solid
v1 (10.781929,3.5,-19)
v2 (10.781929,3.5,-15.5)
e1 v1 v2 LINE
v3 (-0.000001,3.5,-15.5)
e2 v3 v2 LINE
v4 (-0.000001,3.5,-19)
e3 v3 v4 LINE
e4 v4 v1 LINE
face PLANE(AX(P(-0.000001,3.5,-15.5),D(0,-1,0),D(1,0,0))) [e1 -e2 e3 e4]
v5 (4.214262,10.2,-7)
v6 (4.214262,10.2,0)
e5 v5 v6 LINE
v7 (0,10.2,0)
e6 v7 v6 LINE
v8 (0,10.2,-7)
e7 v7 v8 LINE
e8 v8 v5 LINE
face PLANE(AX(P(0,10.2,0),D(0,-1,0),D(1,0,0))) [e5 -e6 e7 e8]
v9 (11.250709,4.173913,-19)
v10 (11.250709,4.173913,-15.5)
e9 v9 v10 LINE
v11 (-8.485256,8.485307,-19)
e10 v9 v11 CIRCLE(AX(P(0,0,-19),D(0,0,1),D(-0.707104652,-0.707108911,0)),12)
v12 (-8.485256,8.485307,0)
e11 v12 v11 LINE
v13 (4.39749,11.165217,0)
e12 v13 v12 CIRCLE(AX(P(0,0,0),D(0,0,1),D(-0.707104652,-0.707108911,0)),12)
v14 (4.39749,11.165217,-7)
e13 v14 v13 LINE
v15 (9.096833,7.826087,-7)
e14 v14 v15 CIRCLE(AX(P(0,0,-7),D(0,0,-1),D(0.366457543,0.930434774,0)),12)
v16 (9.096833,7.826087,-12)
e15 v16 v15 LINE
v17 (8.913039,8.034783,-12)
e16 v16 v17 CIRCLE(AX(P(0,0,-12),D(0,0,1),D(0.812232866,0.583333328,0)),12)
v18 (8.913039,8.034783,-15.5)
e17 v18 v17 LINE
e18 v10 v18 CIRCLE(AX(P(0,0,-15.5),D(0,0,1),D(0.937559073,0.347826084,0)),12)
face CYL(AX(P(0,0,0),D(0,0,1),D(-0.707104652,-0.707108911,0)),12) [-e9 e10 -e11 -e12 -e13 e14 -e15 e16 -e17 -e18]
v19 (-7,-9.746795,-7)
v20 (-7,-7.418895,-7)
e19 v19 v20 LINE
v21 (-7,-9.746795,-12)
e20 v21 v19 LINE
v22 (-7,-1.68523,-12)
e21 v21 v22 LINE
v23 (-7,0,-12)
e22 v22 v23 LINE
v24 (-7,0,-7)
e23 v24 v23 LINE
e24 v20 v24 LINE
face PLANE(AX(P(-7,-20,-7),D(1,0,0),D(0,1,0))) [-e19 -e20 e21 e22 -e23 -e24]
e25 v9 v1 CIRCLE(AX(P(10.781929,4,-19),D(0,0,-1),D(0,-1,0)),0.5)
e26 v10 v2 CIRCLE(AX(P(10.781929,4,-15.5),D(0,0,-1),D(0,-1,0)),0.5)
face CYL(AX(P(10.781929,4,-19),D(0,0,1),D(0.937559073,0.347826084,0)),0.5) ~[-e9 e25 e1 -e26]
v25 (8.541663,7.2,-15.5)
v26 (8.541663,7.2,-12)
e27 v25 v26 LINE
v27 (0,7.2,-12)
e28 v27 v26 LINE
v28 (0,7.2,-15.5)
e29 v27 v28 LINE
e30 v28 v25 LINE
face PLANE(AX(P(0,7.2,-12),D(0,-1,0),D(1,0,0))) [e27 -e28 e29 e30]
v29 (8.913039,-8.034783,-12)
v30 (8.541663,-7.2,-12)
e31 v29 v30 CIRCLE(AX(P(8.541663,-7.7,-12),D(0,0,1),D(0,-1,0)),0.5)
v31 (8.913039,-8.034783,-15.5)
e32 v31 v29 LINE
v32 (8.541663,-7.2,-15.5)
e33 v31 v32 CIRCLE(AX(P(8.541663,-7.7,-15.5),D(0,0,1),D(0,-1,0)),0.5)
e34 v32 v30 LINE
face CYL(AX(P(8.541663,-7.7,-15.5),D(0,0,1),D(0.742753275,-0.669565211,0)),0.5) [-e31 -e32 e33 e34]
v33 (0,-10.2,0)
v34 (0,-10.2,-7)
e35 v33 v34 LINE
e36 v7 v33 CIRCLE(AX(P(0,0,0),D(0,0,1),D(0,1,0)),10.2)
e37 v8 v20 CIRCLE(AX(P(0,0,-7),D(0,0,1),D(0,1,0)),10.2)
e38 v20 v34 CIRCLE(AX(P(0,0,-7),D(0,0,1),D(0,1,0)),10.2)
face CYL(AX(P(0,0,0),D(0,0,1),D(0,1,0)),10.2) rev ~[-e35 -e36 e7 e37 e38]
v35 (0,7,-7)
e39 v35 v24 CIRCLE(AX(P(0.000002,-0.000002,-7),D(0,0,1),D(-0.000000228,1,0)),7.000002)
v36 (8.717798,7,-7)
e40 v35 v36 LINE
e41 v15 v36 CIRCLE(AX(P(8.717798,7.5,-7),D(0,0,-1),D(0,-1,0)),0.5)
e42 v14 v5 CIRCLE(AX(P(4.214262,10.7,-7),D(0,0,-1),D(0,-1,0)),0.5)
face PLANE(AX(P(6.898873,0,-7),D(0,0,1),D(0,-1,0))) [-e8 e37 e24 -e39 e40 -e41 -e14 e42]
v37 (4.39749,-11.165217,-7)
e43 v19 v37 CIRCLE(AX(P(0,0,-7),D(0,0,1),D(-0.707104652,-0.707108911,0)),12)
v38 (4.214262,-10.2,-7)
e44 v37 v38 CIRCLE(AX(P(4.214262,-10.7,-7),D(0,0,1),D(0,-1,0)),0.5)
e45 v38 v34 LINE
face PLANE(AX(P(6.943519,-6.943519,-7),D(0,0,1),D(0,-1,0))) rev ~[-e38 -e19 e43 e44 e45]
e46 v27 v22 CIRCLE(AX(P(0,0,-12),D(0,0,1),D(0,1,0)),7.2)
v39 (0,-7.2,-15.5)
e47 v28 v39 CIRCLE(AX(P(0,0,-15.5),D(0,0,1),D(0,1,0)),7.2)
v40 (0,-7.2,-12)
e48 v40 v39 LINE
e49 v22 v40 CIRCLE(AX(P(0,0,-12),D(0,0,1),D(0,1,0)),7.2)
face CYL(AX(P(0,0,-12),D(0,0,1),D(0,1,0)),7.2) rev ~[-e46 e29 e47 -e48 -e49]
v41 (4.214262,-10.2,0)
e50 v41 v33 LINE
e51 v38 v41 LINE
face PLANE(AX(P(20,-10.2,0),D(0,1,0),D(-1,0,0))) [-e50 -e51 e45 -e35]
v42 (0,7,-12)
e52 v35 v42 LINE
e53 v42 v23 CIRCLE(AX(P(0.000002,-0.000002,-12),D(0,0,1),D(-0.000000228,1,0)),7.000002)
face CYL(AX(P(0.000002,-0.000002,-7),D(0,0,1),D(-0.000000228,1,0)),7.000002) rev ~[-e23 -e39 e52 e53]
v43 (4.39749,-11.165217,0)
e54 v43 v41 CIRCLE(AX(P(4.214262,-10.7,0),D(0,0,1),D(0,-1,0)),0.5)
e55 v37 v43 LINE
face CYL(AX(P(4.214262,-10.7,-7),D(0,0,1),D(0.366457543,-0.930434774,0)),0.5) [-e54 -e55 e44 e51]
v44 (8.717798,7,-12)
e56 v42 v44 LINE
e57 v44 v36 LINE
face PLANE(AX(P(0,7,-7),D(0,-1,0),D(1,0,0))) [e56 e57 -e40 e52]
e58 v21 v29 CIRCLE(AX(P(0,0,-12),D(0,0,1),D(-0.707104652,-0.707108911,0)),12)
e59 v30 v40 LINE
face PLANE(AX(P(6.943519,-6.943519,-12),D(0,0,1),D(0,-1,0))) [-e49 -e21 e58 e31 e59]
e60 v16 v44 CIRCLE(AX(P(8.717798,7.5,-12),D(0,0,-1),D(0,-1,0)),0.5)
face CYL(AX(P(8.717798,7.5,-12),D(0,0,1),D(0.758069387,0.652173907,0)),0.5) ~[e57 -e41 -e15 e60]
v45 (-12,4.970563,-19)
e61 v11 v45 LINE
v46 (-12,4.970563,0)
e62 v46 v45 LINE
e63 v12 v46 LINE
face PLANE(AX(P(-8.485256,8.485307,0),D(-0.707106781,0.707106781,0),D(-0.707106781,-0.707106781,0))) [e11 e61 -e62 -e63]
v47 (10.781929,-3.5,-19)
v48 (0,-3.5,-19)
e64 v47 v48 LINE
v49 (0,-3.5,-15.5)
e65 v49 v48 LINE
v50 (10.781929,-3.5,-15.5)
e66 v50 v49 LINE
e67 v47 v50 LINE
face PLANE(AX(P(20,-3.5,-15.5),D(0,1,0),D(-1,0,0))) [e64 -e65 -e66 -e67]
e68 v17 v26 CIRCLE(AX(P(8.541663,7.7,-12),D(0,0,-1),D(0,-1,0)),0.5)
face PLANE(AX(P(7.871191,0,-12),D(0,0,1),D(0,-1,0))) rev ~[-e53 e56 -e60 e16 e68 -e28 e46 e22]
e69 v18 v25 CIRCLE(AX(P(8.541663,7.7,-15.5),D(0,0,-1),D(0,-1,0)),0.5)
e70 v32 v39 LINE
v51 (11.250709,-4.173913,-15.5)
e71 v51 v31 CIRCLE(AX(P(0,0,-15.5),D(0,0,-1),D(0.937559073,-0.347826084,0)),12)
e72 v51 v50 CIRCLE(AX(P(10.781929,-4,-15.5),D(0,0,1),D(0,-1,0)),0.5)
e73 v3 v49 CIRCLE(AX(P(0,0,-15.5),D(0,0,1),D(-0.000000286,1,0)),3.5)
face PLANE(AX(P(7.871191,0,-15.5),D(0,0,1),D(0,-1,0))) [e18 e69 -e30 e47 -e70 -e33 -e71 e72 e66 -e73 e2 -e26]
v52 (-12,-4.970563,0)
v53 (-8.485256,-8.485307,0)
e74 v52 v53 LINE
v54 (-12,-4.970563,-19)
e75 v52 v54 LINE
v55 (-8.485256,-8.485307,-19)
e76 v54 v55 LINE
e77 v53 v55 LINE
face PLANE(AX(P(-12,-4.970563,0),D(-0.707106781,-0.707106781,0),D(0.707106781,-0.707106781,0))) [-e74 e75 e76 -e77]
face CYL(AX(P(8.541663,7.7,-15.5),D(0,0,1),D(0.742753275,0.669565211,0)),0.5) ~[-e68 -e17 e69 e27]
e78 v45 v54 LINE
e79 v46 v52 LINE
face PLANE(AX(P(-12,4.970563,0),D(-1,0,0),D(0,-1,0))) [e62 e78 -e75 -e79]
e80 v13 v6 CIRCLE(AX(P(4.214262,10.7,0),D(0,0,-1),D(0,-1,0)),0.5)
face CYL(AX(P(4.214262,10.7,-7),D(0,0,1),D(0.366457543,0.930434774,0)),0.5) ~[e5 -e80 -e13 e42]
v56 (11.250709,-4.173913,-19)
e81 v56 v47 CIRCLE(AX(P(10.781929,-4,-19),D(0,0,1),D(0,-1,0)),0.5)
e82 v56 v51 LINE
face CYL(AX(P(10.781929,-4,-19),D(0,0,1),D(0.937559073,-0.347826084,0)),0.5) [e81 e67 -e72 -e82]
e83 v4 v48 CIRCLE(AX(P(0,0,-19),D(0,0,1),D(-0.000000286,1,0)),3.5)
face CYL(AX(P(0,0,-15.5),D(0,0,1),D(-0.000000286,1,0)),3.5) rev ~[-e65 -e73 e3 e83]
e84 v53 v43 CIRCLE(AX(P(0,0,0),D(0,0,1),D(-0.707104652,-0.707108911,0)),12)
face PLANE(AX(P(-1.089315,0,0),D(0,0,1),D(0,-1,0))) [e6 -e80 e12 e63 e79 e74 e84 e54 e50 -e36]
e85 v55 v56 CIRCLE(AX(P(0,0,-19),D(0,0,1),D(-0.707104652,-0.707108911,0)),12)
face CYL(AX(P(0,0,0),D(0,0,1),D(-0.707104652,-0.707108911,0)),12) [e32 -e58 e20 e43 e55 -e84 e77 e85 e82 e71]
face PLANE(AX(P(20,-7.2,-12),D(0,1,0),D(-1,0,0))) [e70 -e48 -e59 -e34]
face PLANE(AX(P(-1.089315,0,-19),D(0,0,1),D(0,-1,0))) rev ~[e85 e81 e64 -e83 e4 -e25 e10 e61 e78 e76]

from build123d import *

# Parameters (mm, degrees)
PAD_DEPTH       = 19
POCKET_DEPTH    = 7
POCKET001_DEPTH = 5
POCKET002_DEPTH = 3.5
POCKET003_DEPTH = 3.501
FILLET_R        = 0.5
FILLET001_R     = 0.5


with BuildPart() as part:
    # Sketch → Pad (new body)
    with BuildSketch(Plane(origin=(0, 0, 0), x_dir=(0, -1, 0), z_dir=(0, 0, 1))):
        with BuildLine():
            ThreePointArc((8.485307, -8.485256), (0, 12), (-8.485307, -8.485256))
            Line((-8.485307, -8.485256), (-4.970563, -12))
            Line((-4.970563, -12), (4.970563, -12))
            Line((4.970563, -12), (8.485307, -8.485256))
        make_face()
    extrude(amount=-PAD_DEPTH)

    # Sketch002 → Pocket (cut)
    with BuildSketch(Plane(origin=(0, 0, 0), x_dir=(0, -1, 0), z_dir=(0, 0, 1))):
        with BuildLine():
            ThreePointArc((-10.2, 0), (0, -10.2), (10.2, 0))
            Line((10.2, 20), (10.2, 0))
            Line((-10.2, 20), (10.2, 20))
            Line((-10.2, 0), (-10.2, 20))
        make_face()
    extrude(amount=-POCKET_DEPTH, mode=Mode.SUBTRACT)

    # Sketch003 → Pocket001 (cut)
    with BuildSketch(Plane(origin=(0, 0, -7), x_dir=(0, -1, 0), z_dir=(0, 0, 1))):
        with BuildLine():
            ThreePointArc((-7, 0), (-4.949747, -4.949747), (0, -7))
            Line((20, -7), (0, -7))
            Line((20, 20), (20, -7))
            Line((-7, 20), (20, 20))
            Line((-7, 0), (-7, 20))
        make_face()
    extrude(amount=-POCKET001_DEPTH, mode=Mode.SUBTRACT)

    # Sketch004 → Pocket002 (cut)
    with BuildSketch(Plane(origin=(0, 0, -12), x_dir=(0, -1, 0), z_dir=(0, 0, 1))):
        with BuildLine():
            ThreePointArc((-7.2, 0), (0, -7.2), (7.2, 0))
            Line((7.2, 20), (7.2, 0))
            Line((-7.2, 20), (7.2, 20))
            Line((-7.2, 0), (-7.2, 20))
        make_face()
    extrude(amount=-POCKET002_DEPTH, mode=Mode.SUBTRACT)

    # Sketch005 → Pocket003 (cut, through all)
    with BuildSketch(Plane(origin=(0, 0, -15.5), x_dir=(0, -1, 0), z_dir=(0, 0, 1))):
        with BuildLine():
            ThreePointArc((-3.5, -1e-06), (0, -3.5), (3.5, 0))
            Line((3.5, 20), (3.5, 0))
            Line((-3.5, 20), (3.5, 20))
            Line((-3.5, -1e-06), (-3.5, 20))
        make_face()
    extrude(amount=-POCKET003_DEPTH, mode=Mode.SUBTRACT)

    # Fillet
    fillet_edges = [part.edges().sort_by_distance(p)[0] for p in [
        (6.321392, -10.2, -3.5),
        (9.6, -7.2, -13.75),
        (11.47824, -3.5, -17.25),
        (11.47824, 3.5, -17.25),
        (9.6, 7.2, -13.75),
        (6.321392, 10.2, -3.5),
    ]]
    fillet(fillet_edges, radius=FILLET_R)

    # Fillet001
    fillet001_edges = [part.edges().sort_by_distance(p)[0] for p in [
        (9.746794, 7, -9.5),
    ]]
    fillet(fillet001_edges, radius=FILLET001_R)


solid = part.part
